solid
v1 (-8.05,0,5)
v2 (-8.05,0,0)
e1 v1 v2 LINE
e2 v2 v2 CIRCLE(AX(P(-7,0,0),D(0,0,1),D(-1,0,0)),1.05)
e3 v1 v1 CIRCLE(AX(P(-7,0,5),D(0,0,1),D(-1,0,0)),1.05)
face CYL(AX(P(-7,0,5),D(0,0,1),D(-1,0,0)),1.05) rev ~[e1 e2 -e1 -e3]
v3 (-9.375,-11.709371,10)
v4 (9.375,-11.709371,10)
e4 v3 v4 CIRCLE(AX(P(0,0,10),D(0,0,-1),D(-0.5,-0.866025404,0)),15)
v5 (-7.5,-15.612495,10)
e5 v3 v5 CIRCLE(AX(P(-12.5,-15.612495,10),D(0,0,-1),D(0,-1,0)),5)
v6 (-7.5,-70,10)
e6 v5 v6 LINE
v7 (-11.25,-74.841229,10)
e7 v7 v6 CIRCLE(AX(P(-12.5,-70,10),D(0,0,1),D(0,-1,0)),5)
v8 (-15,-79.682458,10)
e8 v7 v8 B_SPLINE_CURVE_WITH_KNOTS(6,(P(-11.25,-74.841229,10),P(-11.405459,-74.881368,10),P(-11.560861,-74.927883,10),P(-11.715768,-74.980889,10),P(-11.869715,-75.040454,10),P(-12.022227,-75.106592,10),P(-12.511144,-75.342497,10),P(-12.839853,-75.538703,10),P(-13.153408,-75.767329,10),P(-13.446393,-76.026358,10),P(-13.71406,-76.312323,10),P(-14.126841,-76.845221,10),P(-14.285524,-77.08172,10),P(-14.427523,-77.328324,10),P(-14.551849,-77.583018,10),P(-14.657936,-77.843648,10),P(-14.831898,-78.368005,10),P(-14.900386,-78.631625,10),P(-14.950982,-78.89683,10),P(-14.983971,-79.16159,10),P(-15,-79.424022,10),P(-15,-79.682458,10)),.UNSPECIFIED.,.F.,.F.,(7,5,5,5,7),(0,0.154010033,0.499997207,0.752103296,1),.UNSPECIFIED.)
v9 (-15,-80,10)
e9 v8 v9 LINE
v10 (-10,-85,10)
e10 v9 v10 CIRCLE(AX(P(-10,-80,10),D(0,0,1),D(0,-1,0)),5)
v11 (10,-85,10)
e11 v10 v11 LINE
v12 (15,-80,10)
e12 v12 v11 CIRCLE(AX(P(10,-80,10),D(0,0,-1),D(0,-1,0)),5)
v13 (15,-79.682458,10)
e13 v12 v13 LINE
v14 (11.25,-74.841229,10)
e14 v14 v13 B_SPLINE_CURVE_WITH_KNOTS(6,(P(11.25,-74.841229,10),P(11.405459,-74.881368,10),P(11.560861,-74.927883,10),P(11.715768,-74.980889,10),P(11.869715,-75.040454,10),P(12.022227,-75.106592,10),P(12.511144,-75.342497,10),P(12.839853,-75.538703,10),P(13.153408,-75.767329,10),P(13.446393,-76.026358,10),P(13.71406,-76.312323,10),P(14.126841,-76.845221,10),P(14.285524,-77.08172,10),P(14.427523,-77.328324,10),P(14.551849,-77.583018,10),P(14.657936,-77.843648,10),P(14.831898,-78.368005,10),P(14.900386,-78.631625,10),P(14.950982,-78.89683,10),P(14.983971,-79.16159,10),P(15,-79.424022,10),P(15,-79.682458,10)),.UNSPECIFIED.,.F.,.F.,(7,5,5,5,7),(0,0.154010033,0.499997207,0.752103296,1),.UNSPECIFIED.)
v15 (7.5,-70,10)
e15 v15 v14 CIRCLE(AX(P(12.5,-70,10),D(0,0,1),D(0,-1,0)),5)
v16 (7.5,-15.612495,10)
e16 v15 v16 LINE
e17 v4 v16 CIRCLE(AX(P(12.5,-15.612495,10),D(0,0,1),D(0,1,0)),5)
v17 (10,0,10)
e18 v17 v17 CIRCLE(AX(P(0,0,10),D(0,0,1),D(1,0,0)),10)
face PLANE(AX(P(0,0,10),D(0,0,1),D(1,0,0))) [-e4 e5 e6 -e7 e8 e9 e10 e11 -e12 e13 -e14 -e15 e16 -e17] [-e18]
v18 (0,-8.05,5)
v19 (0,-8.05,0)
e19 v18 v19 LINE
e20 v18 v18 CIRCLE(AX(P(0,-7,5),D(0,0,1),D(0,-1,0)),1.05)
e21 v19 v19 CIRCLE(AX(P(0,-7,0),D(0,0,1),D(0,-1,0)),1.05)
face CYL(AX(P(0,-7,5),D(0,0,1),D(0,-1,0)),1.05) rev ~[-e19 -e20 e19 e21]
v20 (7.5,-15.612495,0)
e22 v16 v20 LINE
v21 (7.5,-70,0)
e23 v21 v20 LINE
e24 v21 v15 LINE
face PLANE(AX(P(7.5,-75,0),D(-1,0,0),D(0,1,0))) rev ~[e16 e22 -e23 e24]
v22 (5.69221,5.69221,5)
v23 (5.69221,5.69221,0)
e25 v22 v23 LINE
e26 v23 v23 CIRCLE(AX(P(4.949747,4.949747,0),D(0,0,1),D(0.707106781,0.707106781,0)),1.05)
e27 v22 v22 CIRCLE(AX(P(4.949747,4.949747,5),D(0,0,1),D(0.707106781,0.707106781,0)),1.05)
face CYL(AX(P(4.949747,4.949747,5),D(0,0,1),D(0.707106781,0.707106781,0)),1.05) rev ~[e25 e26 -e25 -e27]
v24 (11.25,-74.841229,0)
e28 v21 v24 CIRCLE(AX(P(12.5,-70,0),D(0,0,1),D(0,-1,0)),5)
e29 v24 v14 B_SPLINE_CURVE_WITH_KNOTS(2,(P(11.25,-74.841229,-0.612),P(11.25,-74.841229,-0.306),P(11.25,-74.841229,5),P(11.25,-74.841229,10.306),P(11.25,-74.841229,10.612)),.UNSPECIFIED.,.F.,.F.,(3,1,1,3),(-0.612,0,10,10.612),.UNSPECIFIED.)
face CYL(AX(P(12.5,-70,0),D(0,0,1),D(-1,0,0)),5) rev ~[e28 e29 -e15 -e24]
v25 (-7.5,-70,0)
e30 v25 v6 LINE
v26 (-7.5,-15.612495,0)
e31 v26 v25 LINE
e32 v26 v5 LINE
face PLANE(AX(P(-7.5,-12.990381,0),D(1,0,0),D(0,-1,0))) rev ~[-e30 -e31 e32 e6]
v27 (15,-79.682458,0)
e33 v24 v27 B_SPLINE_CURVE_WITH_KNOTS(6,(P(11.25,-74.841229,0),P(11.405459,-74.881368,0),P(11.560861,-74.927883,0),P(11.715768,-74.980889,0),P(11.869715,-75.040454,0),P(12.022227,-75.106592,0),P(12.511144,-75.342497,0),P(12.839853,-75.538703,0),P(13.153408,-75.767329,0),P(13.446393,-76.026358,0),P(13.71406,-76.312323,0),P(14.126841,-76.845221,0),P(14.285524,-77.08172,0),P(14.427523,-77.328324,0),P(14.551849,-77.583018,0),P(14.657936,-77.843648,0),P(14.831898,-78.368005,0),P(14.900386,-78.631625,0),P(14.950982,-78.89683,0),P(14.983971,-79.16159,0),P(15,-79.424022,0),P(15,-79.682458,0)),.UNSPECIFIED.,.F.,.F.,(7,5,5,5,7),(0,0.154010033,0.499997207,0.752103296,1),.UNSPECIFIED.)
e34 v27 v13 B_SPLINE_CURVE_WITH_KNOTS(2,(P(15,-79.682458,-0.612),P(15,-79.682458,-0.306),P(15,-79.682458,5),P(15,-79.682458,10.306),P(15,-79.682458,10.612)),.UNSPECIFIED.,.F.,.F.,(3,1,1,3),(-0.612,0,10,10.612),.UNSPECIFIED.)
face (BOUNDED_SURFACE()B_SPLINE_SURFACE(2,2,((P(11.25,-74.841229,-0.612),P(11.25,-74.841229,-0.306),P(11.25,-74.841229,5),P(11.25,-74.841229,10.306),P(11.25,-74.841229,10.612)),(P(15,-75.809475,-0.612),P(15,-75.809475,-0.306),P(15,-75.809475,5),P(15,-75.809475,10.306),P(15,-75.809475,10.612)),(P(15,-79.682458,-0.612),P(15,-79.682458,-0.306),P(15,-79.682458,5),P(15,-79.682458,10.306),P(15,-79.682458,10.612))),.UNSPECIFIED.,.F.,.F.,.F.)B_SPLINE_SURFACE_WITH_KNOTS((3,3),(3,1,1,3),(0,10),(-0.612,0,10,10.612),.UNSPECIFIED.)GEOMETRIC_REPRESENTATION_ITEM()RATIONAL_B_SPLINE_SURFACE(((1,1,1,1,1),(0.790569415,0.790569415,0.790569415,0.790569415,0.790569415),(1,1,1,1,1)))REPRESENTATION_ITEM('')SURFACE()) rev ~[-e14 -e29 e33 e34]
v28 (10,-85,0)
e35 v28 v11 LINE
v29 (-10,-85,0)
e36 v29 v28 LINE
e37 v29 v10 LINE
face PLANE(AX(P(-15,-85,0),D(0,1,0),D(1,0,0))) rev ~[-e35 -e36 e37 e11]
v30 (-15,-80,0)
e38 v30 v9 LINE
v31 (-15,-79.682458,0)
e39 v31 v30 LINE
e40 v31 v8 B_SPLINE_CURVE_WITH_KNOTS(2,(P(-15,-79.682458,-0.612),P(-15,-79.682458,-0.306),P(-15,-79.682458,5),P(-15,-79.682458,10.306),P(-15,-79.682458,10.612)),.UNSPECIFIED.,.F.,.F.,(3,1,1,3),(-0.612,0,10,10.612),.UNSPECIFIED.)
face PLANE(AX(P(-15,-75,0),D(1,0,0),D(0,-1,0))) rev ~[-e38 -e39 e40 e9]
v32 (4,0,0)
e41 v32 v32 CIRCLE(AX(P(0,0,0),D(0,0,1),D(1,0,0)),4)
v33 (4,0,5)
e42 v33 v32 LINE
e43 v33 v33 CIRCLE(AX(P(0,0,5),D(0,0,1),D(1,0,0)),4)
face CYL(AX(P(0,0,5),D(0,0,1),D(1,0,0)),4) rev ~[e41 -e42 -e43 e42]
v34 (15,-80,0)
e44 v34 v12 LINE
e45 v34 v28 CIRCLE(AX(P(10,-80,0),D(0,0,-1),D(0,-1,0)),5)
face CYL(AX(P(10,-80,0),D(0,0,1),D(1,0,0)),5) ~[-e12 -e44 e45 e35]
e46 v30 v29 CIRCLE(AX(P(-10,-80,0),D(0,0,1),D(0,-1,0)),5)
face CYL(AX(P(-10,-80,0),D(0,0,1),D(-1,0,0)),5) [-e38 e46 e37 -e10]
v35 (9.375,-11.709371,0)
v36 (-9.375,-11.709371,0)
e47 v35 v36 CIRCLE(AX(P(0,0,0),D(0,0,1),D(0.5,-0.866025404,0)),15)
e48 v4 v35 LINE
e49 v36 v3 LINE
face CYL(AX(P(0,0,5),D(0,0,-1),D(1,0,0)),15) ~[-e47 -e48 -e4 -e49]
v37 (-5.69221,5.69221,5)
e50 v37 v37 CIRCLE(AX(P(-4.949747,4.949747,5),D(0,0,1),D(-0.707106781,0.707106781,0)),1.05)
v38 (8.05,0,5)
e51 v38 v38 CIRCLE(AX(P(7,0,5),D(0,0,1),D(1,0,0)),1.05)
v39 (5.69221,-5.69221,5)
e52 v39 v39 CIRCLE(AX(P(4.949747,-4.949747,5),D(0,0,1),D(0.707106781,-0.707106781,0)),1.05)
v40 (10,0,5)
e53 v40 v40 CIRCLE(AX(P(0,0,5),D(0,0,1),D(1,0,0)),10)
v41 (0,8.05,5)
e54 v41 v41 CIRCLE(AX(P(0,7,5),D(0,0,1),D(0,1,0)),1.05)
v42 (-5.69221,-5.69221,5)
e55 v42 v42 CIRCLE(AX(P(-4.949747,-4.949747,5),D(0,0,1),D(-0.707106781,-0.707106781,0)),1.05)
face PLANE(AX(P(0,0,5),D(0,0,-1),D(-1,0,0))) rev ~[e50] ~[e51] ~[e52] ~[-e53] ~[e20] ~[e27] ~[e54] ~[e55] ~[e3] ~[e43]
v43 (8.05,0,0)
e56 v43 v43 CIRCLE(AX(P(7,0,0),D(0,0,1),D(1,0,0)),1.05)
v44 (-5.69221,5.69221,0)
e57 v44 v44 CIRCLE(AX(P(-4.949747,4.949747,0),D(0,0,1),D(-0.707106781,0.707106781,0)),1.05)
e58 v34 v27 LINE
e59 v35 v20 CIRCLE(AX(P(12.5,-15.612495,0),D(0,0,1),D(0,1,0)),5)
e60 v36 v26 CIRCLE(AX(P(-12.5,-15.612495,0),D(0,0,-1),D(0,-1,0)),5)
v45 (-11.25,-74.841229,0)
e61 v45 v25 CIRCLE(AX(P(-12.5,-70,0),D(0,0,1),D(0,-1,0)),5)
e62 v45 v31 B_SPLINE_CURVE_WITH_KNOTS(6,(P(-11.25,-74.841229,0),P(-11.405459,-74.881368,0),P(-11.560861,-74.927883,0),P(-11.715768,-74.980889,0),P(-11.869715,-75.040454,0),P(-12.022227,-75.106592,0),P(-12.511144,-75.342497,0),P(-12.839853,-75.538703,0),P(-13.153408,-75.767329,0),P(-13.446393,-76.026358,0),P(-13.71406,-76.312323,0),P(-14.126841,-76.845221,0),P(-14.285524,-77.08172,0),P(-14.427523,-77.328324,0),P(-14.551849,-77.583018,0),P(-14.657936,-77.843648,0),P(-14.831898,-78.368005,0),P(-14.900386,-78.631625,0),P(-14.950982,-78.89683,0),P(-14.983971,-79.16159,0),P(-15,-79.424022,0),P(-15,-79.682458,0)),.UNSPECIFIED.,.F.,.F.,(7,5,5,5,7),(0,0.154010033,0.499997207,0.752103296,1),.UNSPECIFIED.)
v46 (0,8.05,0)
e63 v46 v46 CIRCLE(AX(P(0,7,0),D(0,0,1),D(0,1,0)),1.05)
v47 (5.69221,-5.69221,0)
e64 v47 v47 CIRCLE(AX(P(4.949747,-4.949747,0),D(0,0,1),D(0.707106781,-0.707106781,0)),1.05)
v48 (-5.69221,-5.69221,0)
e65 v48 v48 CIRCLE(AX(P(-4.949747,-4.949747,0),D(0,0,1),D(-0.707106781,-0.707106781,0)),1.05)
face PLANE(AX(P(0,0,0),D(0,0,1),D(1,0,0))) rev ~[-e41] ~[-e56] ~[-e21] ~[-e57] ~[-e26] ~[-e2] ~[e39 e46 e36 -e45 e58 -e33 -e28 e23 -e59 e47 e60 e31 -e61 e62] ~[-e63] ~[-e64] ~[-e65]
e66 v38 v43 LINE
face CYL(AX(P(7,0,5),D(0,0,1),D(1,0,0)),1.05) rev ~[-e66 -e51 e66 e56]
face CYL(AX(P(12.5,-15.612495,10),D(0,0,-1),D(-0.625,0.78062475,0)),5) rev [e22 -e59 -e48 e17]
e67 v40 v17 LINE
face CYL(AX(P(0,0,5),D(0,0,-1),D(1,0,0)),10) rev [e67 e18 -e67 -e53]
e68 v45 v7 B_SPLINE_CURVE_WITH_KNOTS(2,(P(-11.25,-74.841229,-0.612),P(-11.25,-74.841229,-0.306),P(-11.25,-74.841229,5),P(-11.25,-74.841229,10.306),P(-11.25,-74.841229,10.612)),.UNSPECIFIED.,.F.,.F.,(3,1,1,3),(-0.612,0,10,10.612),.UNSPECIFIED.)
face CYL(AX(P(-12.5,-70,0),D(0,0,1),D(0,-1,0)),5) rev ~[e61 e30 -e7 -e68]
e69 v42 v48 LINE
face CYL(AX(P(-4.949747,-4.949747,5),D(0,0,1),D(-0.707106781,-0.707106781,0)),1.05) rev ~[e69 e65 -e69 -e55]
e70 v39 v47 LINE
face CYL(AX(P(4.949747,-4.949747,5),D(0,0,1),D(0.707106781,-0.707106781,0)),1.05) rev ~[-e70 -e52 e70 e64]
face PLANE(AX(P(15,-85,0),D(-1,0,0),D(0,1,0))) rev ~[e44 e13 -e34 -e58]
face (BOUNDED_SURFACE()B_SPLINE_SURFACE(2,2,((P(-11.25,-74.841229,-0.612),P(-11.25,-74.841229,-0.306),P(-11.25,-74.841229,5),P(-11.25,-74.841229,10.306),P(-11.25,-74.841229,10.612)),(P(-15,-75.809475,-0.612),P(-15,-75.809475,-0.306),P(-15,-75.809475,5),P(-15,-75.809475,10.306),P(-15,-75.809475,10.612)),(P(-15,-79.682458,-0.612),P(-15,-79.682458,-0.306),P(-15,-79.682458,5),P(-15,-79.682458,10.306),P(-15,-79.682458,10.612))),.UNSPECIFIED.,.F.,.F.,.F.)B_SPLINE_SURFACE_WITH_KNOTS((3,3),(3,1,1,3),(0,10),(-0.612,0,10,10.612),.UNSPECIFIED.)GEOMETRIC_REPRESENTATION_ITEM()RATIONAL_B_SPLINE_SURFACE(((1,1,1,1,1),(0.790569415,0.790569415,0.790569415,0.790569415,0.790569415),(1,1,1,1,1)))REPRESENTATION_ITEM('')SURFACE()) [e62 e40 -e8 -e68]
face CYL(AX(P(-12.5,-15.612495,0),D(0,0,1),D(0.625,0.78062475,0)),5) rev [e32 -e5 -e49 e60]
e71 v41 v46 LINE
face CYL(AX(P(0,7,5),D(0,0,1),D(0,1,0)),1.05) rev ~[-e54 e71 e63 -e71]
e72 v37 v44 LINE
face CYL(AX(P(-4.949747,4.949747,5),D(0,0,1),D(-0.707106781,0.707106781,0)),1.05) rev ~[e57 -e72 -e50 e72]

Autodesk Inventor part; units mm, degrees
ref_plane "YZ Plane" through (0, 0, 0) normal (1, 0, 0) x (0, 1, 0)
ref_plane "XZ Plane" through (0, 0, 0) normal (0, 1, 0) x (-1, 0, 0)
ref_plane "XY Plane" through (0, 0, 0) normal (0, 0, 1) x (1, 0, 0)
sketch "Sketch1" plane through (0, 0, 0) normal (0, 0, 1) x (1, 0, 0)
  circle A0 centre (0, 0) radius 30
  dimension "d0" = 60
extrude "Extrusion1" add sketch "Sketch1" along normal blind 5
sketch "Sketch2" plane through (0, 0, 5) normal (0, 0, 1) x (1, 0, 0)
  circle A0 centre (0, 0) radius 24.95
  dimension "d3" = 49.9
extrude "Extrusion2" add sketch "Sketch2" along normal blind 5
sketch "Sketch3" plane through (0, 0, 10) normal (0, 0, 1) x (1, 0, 0)
  circle A0 centre (0, 0) radius 15
  dimension "d6" = 30
extrude "Extrusion3" cut sketch "Sketch3" against normal through all
sketch "Sketch4" plane through (0, 0, 0) normal (0, 0, -1) x (-1, 0, 0)
  circle A0 centre (0, 0) radius 20
  dimension "d9" = 40
extrude "Extrusion4" add sketch "Sketch4" against normal blind 5
sketch "Sketch5" plane through (0, 0, 0) normal (0, 0, -1) x (-1, 0, 0)
  circle A0 centre (0, 0) radius 3.5
  dimension "d12" = 7
extrude "Extrusion5" cut sketch "Sketch5" against normal through all
sketch "Sketch6" plane through (0, 0, 5) normal (0, 0, 1) x (1, 0, 0)
  circle A0 centre (7, 0) radius 1.05
  point P0 (0, 0)
  dimension "d15" = 2.1
  dimension "d16" = 7
extrude "Extrusion6" cut sketch "Sketch6" against normal through all
pattern_circular "Circular Pattern1" count 8 over 360 about axis through (0, 0, -10) along (0, 0, 1) of "Extrusion6"
sketch "Sketch9" plane through (0, 0, 0) normal (0, 0, -1) x (-1, 0, 0)
  circle A0 centre (0, 0) radius 15
  circle A1 centre (-4.9497, -4.9497) radius 1.05 projected
  circle A2 centre (0, -7) radius 1.05 projected
  circle A3 centre (4.9497, -4.9497) radius 1.05 projected
  circle A4 centre (7, 0) radius 1.05 projected
  circle A5 centre (4.9497, 4.9497) radius 1.05 projected
  circle A6 centre (0, 7) radius 1.05 projected
  circle A7 centre (-4.9497, 4.9497) radius 1.05 projected
  circle A8 centre (-7, 0) radius 1.05 projected
  circle A9 centre (0, 0) radius 3.5 projected
  circle A10 centre (0, 0) radius 30 projected
  dimension "d35" = 30
extrude "Extrusion9" cut sketch "Sketch9" against normal through all contours A10
sketch "Sketch10" plane through (0, 0, 5) normal (0, 0, 1) x (1, 0, 0)
  circle A0 centre (0, 0) radius 10
  circle A1 centre (4.9497, -4.9497) radius 1.05 projected
  circle A2 centre (0, -7) radius 1.05 projected
  circle A3 centre (-4.9497, -4.9497) radius 1.05 projected
  circle A4 centre (-7, 0) radius 1.05 projected
  circle A5 centre (-4.9497, 4.9497) radius 1.05 projected
  circle A6 centre (0, 7) radius 1.05 projected
  circle A7 centre (4.9497, 4.9497) radius 1.05 projected
  circle A8 centre (7, 0) radius 1.05 projected
  circle A9 centre (0, 0) radius 3.5 projected
  circle A10 centre (0, 0) radius 15 projected
  dimension "d38" = 20
extrude "Extrusion10" add sketch "Sketch10" along normal blind 5 contours A10
sketch "Sketch11" plane through (0, 0, 0) normal (0, 0, -1) x (-1, 0, 0)
  line L0 (-7.5, 0) -> (7.5, 0)
  line L1 (7.5, 0) -> (7.5, -80)
  line L2 (7.5, -80) -> (-7.5, -80)
  line L3 (-7.5, -80) -> (-7.5, 0)
  line L4 (-7.5, 0) -> (7.5, -80) construction
  line L5 (7.5, 0) -> (-7.5, -80) construction
  circle A0 centre (0, 0) radius 15 projected
  circle A1 centre (-4.9497, -4.9497) radius 1.05 projected
  circle A2 centre (0, -7) radius 1.05 projected
  circle A3 centre (4.9497, -4.9497) radius 1.05 projected
  circle A4 centre (7, 0) radius 1.05 projected
  circle A5 centre (4.9497, 4.9497) radius 1.05 projected
  circle A6 centre (0, 7) radius 1.05 projected
  circle A7 centre (-4.9497, 4.9497) radius 1.05 projected
  circle A8 centre (-7, 0) radius 1.05 projected
  circle A9 centre (0, 0) radius 3.5 projected
  line L6 (-15, -75) -> (15, -75)
  line L7 (15, -75) -> (15, -85)
  line L8 (15, -85) -> (-15, -85)
  line L9 (-15, -85) -> (-15, -75)
  line L10 (-15, -75) -> (15, -85) construction
  line L11 (15, -75) -> (-15, -85) construction
  point P0 (0, -40)
  point P1 (7.5, -12.9904)
  point P2 (-7.5, -12.9904)
  point P3 (0, -80)
  point P4 (-7.5, -75)
  point P5 (7.5, -75)
  point P6 (0, 0)
  dimension "d41" = 80
  dimension "d42" = 15
  dimension "d43" = 40
  dimension "d46" = 30
  dimension "d47" = 10
extrude "Extrusion11" add sketch "Sketch11" against normal blind 10 contours A0 L1 L6 L3 | L6 L1 L2 L3 | L3 L2 L1 L6 L7 L8 L9
fillet "Fillet1" radius 5 8 edges at (-7.5, -12.9904, 5) (7.5, -12.9904, 5) (7.5, -75, 5) (15, -75, 5) (15, -85, 5) (-7.5, -75, 5) (-15, -75, 5) (-15, -85, 5)
sketch "Sketch12" plane through (0, 0, 5) normal (0, 0, 1) x (1, 0, 0)
  circle A0 centre (0, 0) radius 4
  dimension "d49" = 8
extrude "Extrusion12" cut sketch "Sketch12" against normal blind 10
properties part number "bearing_bracket3"
